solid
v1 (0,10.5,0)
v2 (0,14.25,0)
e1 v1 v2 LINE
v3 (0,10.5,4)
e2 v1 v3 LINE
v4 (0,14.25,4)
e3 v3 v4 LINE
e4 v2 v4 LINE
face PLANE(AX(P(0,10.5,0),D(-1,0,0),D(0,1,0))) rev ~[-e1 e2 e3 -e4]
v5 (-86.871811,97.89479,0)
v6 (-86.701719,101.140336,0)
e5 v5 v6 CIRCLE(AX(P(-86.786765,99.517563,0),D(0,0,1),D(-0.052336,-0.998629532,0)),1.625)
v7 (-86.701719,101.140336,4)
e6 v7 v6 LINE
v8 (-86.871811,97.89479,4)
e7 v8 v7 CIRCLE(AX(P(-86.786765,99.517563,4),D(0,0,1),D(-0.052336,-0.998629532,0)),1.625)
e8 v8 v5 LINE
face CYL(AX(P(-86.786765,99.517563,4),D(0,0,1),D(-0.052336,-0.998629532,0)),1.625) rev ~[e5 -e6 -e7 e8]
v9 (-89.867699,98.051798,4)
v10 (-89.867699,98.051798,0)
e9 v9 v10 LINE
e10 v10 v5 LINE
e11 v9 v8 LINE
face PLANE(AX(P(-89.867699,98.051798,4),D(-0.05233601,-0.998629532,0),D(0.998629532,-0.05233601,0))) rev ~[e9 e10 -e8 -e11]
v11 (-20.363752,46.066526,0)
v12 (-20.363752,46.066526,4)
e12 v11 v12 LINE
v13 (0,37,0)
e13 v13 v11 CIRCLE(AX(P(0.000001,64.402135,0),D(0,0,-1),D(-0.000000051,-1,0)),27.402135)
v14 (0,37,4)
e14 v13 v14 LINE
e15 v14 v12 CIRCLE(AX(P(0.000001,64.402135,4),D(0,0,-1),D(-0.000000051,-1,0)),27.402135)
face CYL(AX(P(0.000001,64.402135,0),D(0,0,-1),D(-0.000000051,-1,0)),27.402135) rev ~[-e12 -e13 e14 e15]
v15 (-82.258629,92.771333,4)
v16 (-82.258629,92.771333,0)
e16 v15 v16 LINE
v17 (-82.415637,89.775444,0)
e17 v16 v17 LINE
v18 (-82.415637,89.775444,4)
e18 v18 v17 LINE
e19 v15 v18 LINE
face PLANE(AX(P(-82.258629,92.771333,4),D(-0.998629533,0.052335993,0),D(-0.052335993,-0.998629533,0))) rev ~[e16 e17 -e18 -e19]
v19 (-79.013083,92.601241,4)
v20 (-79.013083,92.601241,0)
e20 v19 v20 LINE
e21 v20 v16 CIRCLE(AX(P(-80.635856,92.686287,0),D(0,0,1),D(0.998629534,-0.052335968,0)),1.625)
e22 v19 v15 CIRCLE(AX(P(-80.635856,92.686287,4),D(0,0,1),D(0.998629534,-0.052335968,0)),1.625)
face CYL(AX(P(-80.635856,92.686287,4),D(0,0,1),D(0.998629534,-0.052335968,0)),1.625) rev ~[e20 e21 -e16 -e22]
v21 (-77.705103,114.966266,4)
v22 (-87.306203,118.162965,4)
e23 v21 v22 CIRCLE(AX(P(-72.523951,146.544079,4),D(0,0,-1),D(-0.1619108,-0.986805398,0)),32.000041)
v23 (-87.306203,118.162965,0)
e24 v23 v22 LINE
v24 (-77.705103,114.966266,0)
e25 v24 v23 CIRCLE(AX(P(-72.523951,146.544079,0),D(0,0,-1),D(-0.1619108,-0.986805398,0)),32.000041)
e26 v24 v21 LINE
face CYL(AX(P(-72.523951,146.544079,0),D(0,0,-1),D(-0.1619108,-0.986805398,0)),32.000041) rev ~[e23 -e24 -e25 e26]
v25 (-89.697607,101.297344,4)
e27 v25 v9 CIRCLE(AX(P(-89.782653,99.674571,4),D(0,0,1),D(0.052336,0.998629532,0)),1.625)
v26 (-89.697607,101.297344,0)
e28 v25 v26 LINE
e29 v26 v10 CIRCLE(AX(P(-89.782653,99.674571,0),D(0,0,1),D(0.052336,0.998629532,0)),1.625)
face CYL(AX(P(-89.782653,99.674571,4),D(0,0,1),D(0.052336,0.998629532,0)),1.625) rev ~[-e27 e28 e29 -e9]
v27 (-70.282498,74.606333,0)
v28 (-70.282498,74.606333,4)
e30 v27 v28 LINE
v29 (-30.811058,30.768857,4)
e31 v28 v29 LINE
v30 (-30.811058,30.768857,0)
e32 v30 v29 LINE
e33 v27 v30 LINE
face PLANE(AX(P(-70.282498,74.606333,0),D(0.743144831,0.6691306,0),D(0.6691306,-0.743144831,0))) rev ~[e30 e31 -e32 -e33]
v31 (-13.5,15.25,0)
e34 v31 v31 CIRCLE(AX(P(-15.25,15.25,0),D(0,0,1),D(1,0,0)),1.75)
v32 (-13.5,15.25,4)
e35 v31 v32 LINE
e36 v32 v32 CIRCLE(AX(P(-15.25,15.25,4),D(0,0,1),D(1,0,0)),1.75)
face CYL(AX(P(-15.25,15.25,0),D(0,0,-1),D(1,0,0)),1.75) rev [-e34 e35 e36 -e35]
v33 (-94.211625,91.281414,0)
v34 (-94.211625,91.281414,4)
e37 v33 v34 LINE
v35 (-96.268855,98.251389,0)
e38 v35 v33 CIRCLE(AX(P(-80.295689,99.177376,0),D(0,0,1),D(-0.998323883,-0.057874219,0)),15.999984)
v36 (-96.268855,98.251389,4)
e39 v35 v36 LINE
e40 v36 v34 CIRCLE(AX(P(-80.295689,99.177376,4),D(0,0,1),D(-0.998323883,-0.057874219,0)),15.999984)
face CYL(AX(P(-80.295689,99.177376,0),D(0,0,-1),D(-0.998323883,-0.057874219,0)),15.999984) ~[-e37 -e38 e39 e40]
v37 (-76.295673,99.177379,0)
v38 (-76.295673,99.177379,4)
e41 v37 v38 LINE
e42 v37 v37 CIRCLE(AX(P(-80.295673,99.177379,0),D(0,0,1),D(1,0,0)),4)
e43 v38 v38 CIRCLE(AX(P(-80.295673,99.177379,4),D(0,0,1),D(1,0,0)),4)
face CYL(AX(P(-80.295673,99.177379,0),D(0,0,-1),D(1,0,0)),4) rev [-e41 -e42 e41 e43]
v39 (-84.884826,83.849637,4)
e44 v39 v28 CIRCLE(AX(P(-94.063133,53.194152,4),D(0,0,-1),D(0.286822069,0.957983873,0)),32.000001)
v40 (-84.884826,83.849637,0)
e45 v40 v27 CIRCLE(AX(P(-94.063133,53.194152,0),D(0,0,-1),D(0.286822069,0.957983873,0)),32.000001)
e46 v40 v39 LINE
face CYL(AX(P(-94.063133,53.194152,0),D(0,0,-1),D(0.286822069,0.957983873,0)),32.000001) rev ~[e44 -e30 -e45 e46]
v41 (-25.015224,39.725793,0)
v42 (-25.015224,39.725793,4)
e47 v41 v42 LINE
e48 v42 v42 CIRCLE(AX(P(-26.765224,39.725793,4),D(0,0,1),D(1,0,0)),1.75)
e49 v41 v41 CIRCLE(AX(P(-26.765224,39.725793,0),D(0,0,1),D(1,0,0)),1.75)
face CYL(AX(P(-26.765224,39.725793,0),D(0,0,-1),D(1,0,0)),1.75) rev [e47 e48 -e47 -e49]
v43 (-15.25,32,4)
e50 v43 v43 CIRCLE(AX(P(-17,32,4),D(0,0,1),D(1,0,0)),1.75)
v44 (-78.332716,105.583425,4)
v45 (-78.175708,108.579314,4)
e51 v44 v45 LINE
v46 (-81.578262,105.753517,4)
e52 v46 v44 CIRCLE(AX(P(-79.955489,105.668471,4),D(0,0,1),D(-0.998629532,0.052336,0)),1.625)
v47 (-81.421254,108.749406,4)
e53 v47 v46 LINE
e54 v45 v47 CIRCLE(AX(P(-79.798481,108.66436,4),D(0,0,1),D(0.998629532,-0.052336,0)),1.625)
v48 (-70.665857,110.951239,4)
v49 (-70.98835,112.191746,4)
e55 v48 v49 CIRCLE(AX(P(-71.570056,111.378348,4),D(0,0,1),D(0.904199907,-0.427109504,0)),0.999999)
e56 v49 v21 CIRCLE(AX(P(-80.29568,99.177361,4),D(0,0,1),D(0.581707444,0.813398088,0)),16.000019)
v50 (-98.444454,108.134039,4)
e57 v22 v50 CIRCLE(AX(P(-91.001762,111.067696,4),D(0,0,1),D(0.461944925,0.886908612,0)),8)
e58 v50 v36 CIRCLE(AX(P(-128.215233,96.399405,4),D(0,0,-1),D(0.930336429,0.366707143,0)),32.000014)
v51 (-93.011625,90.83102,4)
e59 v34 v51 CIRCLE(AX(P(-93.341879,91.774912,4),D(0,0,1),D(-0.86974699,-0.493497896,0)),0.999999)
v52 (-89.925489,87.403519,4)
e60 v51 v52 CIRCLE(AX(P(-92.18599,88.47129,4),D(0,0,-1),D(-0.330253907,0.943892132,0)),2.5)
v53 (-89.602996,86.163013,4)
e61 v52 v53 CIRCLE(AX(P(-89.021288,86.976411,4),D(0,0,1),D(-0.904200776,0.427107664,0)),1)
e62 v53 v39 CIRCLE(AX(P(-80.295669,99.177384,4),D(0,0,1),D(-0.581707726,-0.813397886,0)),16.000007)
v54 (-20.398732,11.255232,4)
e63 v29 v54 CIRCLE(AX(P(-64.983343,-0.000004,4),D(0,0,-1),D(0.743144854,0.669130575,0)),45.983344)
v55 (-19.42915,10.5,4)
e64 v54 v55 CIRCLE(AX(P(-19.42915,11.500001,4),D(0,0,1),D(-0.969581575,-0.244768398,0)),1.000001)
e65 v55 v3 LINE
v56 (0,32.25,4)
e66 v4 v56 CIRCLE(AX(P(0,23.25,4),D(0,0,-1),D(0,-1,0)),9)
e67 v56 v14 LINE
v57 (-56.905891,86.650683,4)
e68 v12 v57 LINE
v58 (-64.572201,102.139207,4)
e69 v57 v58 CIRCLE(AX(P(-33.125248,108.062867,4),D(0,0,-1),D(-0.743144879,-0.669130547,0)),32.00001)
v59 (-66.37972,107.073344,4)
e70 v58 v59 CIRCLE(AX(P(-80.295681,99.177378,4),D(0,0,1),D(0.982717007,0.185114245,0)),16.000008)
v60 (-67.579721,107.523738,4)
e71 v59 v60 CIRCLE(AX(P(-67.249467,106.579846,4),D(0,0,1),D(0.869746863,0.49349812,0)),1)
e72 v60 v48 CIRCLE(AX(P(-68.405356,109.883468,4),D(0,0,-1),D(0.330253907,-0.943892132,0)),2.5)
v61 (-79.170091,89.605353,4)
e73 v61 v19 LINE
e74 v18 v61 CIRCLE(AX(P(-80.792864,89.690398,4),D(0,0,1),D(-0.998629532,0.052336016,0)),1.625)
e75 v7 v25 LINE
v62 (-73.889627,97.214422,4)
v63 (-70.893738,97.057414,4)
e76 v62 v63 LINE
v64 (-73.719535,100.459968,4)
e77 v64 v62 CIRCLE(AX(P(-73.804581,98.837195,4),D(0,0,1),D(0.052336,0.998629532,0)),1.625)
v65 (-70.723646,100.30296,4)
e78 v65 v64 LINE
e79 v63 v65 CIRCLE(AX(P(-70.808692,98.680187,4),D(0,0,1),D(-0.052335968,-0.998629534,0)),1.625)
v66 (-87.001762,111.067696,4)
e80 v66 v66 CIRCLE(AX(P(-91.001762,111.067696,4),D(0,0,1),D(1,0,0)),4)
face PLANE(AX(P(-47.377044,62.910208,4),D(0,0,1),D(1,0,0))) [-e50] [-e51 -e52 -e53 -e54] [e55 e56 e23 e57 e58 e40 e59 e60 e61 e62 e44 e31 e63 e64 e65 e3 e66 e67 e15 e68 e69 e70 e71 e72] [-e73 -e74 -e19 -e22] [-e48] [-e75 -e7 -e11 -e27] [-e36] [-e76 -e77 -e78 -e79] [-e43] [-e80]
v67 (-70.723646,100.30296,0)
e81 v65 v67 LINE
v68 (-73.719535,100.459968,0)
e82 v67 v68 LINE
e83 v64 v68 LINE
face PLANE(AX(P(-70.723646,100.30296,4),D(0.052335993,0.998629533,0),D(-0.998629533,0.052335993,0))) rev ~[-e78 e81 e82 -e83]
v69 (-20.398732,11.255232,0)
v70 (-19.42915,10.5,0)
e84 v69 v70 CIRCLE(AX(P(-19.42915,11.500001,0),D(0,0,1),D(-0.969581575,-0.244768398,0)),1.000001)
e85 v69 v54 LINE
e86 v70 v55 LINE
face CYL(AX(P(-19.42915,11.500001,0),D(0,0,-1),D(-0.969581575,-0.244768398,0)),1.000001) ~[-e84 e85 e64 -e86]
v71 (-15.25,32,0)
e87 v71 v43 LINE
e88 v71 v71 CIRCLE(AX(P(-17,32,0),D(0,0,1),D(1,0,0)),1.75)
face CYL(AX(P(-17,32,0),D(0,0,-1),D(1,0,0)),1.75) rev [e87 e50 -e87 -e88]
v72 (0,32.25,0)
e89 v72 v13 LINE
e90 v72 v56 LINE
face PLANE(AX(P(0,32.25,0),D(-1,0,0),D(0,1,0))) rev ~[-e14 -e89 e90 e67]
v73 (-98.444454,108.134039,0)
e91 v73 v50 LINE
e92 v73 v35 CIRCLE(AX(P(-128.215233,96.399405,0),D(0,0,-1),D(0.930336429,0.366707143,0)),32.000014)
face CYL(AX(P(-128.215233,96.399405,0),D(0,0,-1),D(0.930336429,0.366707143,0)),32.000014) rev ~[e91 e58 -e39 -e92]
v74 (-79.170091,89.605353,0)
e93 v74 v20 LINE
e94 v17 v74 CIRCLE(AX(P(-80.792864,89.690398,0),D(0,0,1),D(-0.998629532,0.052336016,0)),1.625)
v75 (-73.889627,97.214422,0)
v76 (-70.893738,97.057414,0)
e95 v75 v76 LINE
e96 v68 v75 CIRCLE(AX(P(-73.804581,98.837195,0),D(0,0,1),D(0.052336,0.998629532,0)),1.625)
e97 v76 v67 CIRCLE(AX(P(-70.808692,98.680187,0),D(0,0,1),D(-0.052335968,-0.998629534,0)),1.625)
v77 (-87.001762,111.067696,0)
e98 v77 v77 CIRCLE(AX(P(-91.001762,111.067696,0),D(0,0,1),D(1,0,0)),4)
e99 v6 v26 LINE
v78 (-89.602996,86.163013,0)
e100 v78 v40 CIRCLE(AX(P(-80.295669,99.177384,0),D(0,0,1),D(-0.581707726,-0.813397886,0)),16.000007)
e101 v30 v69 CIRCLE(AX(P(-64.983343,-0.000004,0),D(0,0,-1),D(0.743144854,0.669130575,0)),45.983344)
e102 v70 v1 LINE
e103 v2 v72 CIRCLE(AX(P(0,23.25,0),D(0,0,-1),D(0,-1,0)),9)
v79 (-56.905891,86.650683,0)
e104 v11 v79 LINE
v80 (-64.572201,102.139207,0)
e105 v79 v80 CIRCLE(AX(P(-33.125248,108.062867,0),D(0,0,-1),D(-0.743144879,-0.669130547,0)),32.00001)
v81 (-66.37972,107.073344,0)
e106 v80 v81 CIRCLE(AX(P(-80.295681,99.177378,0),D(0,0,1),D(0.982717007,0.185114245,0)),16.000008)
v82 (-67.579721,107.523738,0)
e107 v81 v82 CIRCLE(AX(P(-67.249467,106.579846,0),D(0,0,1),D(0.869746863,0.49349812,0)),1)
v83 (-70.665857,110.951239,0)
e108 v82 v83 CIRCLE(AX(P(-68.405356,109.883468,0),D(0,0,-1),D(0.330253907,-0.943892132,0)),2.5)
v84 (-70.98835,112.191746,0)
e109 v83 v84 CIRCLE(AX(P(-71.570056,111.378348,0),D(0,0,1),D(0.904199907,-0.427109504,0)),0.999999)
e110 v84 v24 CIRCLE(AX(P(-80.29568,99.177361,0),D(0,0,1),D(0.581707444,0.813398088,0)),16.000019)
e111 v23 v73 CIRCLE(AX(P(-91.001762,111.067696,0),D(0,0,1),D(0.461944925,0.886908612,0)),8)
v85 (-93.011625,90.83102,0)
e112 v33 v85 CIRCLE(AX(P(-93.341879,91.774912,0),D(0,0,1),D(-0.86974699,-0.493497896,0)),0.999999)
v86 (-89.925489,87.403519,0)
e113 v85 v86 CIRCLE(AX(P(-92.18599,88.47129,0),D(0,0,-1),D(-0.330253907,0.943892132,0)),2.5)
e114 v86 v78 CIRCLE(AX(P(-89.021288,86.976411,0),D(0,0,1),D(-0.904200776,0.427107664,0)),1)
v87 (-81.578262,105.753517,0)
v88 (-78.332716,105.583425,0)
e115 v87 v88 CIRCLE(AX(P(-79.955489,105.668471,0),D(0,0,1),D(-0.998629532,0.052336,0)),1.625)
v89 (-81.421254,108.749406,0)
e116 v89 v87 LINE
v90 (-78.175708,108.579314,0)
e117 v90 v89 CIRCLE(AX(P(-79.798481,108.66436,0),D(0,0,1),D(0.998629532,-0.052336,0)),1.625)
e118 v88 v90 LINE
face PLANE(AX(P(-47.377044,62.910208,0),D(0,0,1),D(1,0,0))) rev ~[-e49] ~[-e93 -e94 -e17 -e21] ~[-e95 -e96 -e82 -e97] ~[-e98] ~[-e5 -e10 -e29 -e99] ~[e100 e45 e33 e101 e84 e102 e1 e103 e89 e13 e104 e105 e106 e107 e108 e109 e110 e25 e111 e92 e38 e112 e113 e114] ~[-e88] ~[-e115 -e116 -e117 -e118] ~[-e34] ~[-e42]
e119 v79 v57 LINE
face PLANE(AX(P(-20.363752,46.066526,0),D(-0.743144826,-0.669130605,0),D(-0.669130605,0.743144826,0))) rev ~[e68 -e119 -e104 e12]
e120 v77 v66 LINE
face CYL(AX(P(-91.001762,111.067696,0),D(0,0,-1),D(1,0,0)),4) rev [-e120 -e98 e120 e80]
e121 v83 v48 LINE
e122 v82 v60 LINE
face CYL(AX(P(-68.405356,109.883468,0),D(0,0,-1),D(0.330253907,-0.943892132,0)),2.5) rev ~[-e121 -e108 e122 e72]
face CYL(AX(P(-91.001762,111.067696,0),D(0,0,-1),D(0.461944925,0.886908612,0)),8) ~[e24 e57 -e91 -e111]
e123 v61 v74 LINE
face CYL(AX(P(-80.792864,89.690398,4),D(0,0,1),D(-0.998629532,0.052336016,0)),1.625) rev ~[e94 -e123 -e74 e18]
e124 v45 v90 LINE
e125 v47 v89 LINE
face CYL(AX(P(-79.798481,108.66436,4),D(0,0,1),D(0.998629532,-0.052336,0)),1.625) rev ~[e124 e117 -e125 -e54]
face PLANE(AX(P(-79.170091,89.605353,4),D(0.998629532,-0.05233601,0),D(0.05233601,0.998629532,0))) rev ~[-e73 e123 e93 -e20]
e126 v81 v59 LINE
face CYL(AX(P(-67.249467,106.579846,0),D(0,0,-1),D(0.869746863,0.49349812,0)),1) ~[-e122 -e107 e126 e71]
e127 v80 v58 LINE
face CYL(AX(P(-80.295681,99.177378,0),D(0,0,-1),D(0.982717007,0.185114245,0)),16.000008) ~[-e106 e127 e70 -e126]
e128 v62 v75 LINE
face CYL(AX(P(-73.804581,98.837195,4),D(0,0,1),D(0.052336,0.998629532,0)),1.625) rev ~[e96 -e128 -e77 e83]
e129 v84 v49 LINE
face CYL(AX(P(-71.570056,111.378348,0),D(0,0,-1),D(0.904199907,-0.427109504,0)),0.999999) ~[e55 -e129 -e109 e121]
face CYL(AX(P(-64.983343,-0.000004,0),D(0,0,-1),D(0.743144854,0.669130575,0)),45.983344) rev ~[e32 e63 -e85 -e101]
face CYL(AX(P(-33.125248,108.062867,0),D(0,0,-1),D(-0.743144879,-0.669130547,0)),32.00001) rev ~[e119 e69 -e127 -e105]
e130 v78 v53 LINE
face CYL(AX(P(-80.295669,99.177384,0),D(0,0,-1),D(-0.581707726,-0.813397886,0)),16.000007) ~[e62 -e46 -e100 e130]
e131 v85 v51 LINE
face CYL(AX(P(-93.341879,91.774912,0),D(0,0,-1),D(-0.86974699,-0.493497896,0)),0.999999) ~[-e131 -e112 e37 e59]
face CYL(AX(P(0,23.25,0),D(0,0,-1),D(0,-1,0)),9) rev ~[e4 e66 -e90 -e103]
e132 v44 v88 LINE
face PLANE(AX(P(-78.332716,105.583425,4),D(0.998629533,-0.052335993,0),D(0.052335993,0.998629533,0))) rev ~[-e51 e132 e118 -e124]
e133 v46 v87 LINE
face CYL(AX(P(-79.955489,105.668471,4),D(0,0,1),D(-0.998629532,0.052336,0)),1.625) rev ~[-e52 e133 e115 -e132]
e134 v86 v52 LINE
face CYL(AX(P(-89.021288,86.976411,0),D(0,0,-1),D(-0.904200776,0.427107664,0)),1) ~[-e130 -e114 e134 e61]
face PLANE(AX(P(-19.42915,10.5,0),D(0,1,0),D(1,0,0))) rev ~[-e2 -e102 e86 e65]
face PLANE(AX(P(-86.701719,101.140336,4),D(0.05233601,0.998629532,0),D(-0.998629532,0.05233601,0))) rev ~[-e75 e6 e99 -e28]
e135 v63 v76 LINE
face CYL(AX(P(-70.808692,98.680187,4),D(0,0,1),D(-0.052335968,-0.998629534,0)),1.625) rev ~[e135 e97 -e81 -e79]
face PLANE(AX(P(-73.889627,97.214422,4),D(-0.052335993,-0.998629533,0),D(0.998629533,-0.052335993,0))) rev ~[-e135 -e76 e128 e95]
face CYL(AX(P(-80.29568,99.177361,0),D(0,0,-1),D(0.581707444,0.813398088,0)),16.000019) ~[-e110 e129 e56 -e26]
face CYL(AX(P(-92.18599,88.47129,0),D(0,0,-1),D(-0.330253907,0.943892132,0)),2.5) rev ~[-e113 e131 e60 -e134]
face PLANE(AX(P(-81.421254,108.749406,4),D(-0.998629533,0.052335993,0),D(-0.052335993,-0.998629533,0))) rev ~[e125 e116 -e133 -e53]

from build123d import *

# Parameters (mm, degrees)
F0_R     = 1.75
F0_R_2   = 4
F1_DEPTH = 4
F3_DEPTH = 25


with BuildPart() as f1:
    # F0 (on Top) → F1 (new body)
    with BuildSketch(Plane.XY):
        with BuildLine():
            ThreePointArc((-84.884826, 83.849637), (-76.947858, 80.232411), (-70.282498, 74.606333))
            Line((-70.282498, 74.606333), (-30.811058, 30.768857))
            ThreePointArc((-30.811058, 30.768857), (-24.414173, 21.647405), (-20.398732, 11.255232))
            ThreePointArc((-20.398732, 11.255232), (-20.043655, 10.711087), (-19.42915, 10.5))
            Line((-19.42915, 10.5), (0, 10.5))
            Line((0, 10.5), (0, 14.25))
            ThreePointArc((0, 14.25), (-9, 23.25), (0, 32.25))
            Line((0, 32.25), (0, 37))
            ThreePointArc((0, 37), (-11.145451, 39.369039), (-20.363752, 46.066526))
            Line((-20.363752, 46.066526), (-56.905891, 86.650683))
            ThreePointArc((-56.905891, 86.650683), (-61.804429, 93.867615), (-64.572201, 102.139207))
            ThreePointArc((-64.572201, 102.139207), (-65.272015, 104.680987), (-66.37972, 107.073344))
            ThreePointArc((-66.37972, 107.073344), (-66.898074, 107.516074), (-67.579721, 107.523738))
            ThreePointArc((-67.579721, 107.523738), (-70.263218, 108.210642), (-70.665857, 110.951239))
            ThreePointArc((-70.665857, 110.951239), (-70.602227, 111.629953), (-70.98835, 112.191746))
            ThreePointArc((-70.98835, 112.191746), (-74.187117, 113.965399), (-77.705103, 114.966266))
            ThreePointArc((-77.705103, 114.966266), (-82.632813, 116.182697), (-87.306203, 118.162965))
            ThreePointArc((-87.306203, 118.162965), (-96.354807, 117.012855), (-98.444454, 108.134039))
            ThreePointArc((-98.444454, 108.134039), (-96.963536, 103.279256), (-96.268855, 98.251389))
            ThreePointArc((-96.268855, 98.251389), (-95.641201, 94.648055), (-94.211625, 91.281414))
            ThreePointArc((-94.211625, 91.281414), (-93.693271, 90.838684), (-93.011625, 90.83102))
            ThreePointArc((-93.011625, 90.83102), (-90.328128, 90.144116), (-89.925489, 87.403519))
            ThreePointArc((-89.925489, 87.403519), (-89.989118, 86.724805), (-89.602996, 86.163013))
            ThreePointArc((-89.602996, 86.163013), (-87.339531, 84.811306), (-84.884826, 83.849637))
        make_face()
        with Locations((-15.25, 15.25)):
            Circle(F0_R, mode=Mode.SUBTRACT)
        with Locations((-17, 32)):
            Circle(F0_R, mode=Mode.SUBTRACT)
        with Locations((-26.765224, 39.725793)):
            Circle(F0_R, mode=Mode.SUBTRACT)
        with Locations((-80.295673, 99.177379)):
            Circle(F0_R_2, mode=Mode.SUBTRACT)
        with Locations((-91.001762, 111.067696)):
            Circle(F0_R_2, mode=Mode.SUBTRACT)
    extrude(amount=F1_DEPTH)

    # F2 (on face) → F3 (cut)
    with BuildSketch(Plane.XY.offset(4)):
        with BuildLine():
            ThreePointArc((-73.719535, 100.459968), (-75.427354, 98.922241), (-73.889627, 97.214422))
            Line((-73.889627, 97.214422), (-70.893738, 97.057414))
            ThreePointArc((-70.893738, 97.057414), (-69.185919, 98.595142), (-70.723646, 100.30296))
            Line((-70.723646, 100.30296), (-73.719535, 100.459968))
        make_face()
        with BuildLine():
            Line((-81.421254, 108.749406), (-81.578262, 105.753517))
            ThreePointArc((-81.578262, 105.753517), (-80.040535, 104.045698), (-78.332716, 105.583425))
            Line((-78.332716, 105.583425), (-78.175708, 108.579314))
            ThreePointArc((-78.175708, 108.579314), (-79.713435, 110.287133), (-81.421254, 108.749406))
        make_face()
        with BuildLine():
            Line((-89.867699, 98.051798), (-86.871811, 97.89479))
            ThreePointArc((-86.871811, 97.89479), (-85.163992, 99.432517), (-86.701719, 101.140336))
            Line((-86.701719, 101.140336), (-89.697607, 101.297344))
            ThreePointArc((-89.697607, 101.297344), (-91.405426, 99.759617), (-89.867699, 98.051798))
        make_face()
        with BuildLine():
            Line((-79.170091, 89.605353), (-79.013083, 92.601241))
            ThreePointArc((-79.013083, 92.601241), (-80.550811, 94.30906), (-82.258629, 92.771333))
            Line((-82.258629, 92.771333), (-82.415637, 89.775444))
            ThreePointArc((-82.415637, 89.775444), (-80.87791, 88.067625), (-79.170091, 89.605353))
        make_face()
    extrude(amount=-F3_DEPTH, mode=Mode.SUBTRACT)


solid = f1.part
